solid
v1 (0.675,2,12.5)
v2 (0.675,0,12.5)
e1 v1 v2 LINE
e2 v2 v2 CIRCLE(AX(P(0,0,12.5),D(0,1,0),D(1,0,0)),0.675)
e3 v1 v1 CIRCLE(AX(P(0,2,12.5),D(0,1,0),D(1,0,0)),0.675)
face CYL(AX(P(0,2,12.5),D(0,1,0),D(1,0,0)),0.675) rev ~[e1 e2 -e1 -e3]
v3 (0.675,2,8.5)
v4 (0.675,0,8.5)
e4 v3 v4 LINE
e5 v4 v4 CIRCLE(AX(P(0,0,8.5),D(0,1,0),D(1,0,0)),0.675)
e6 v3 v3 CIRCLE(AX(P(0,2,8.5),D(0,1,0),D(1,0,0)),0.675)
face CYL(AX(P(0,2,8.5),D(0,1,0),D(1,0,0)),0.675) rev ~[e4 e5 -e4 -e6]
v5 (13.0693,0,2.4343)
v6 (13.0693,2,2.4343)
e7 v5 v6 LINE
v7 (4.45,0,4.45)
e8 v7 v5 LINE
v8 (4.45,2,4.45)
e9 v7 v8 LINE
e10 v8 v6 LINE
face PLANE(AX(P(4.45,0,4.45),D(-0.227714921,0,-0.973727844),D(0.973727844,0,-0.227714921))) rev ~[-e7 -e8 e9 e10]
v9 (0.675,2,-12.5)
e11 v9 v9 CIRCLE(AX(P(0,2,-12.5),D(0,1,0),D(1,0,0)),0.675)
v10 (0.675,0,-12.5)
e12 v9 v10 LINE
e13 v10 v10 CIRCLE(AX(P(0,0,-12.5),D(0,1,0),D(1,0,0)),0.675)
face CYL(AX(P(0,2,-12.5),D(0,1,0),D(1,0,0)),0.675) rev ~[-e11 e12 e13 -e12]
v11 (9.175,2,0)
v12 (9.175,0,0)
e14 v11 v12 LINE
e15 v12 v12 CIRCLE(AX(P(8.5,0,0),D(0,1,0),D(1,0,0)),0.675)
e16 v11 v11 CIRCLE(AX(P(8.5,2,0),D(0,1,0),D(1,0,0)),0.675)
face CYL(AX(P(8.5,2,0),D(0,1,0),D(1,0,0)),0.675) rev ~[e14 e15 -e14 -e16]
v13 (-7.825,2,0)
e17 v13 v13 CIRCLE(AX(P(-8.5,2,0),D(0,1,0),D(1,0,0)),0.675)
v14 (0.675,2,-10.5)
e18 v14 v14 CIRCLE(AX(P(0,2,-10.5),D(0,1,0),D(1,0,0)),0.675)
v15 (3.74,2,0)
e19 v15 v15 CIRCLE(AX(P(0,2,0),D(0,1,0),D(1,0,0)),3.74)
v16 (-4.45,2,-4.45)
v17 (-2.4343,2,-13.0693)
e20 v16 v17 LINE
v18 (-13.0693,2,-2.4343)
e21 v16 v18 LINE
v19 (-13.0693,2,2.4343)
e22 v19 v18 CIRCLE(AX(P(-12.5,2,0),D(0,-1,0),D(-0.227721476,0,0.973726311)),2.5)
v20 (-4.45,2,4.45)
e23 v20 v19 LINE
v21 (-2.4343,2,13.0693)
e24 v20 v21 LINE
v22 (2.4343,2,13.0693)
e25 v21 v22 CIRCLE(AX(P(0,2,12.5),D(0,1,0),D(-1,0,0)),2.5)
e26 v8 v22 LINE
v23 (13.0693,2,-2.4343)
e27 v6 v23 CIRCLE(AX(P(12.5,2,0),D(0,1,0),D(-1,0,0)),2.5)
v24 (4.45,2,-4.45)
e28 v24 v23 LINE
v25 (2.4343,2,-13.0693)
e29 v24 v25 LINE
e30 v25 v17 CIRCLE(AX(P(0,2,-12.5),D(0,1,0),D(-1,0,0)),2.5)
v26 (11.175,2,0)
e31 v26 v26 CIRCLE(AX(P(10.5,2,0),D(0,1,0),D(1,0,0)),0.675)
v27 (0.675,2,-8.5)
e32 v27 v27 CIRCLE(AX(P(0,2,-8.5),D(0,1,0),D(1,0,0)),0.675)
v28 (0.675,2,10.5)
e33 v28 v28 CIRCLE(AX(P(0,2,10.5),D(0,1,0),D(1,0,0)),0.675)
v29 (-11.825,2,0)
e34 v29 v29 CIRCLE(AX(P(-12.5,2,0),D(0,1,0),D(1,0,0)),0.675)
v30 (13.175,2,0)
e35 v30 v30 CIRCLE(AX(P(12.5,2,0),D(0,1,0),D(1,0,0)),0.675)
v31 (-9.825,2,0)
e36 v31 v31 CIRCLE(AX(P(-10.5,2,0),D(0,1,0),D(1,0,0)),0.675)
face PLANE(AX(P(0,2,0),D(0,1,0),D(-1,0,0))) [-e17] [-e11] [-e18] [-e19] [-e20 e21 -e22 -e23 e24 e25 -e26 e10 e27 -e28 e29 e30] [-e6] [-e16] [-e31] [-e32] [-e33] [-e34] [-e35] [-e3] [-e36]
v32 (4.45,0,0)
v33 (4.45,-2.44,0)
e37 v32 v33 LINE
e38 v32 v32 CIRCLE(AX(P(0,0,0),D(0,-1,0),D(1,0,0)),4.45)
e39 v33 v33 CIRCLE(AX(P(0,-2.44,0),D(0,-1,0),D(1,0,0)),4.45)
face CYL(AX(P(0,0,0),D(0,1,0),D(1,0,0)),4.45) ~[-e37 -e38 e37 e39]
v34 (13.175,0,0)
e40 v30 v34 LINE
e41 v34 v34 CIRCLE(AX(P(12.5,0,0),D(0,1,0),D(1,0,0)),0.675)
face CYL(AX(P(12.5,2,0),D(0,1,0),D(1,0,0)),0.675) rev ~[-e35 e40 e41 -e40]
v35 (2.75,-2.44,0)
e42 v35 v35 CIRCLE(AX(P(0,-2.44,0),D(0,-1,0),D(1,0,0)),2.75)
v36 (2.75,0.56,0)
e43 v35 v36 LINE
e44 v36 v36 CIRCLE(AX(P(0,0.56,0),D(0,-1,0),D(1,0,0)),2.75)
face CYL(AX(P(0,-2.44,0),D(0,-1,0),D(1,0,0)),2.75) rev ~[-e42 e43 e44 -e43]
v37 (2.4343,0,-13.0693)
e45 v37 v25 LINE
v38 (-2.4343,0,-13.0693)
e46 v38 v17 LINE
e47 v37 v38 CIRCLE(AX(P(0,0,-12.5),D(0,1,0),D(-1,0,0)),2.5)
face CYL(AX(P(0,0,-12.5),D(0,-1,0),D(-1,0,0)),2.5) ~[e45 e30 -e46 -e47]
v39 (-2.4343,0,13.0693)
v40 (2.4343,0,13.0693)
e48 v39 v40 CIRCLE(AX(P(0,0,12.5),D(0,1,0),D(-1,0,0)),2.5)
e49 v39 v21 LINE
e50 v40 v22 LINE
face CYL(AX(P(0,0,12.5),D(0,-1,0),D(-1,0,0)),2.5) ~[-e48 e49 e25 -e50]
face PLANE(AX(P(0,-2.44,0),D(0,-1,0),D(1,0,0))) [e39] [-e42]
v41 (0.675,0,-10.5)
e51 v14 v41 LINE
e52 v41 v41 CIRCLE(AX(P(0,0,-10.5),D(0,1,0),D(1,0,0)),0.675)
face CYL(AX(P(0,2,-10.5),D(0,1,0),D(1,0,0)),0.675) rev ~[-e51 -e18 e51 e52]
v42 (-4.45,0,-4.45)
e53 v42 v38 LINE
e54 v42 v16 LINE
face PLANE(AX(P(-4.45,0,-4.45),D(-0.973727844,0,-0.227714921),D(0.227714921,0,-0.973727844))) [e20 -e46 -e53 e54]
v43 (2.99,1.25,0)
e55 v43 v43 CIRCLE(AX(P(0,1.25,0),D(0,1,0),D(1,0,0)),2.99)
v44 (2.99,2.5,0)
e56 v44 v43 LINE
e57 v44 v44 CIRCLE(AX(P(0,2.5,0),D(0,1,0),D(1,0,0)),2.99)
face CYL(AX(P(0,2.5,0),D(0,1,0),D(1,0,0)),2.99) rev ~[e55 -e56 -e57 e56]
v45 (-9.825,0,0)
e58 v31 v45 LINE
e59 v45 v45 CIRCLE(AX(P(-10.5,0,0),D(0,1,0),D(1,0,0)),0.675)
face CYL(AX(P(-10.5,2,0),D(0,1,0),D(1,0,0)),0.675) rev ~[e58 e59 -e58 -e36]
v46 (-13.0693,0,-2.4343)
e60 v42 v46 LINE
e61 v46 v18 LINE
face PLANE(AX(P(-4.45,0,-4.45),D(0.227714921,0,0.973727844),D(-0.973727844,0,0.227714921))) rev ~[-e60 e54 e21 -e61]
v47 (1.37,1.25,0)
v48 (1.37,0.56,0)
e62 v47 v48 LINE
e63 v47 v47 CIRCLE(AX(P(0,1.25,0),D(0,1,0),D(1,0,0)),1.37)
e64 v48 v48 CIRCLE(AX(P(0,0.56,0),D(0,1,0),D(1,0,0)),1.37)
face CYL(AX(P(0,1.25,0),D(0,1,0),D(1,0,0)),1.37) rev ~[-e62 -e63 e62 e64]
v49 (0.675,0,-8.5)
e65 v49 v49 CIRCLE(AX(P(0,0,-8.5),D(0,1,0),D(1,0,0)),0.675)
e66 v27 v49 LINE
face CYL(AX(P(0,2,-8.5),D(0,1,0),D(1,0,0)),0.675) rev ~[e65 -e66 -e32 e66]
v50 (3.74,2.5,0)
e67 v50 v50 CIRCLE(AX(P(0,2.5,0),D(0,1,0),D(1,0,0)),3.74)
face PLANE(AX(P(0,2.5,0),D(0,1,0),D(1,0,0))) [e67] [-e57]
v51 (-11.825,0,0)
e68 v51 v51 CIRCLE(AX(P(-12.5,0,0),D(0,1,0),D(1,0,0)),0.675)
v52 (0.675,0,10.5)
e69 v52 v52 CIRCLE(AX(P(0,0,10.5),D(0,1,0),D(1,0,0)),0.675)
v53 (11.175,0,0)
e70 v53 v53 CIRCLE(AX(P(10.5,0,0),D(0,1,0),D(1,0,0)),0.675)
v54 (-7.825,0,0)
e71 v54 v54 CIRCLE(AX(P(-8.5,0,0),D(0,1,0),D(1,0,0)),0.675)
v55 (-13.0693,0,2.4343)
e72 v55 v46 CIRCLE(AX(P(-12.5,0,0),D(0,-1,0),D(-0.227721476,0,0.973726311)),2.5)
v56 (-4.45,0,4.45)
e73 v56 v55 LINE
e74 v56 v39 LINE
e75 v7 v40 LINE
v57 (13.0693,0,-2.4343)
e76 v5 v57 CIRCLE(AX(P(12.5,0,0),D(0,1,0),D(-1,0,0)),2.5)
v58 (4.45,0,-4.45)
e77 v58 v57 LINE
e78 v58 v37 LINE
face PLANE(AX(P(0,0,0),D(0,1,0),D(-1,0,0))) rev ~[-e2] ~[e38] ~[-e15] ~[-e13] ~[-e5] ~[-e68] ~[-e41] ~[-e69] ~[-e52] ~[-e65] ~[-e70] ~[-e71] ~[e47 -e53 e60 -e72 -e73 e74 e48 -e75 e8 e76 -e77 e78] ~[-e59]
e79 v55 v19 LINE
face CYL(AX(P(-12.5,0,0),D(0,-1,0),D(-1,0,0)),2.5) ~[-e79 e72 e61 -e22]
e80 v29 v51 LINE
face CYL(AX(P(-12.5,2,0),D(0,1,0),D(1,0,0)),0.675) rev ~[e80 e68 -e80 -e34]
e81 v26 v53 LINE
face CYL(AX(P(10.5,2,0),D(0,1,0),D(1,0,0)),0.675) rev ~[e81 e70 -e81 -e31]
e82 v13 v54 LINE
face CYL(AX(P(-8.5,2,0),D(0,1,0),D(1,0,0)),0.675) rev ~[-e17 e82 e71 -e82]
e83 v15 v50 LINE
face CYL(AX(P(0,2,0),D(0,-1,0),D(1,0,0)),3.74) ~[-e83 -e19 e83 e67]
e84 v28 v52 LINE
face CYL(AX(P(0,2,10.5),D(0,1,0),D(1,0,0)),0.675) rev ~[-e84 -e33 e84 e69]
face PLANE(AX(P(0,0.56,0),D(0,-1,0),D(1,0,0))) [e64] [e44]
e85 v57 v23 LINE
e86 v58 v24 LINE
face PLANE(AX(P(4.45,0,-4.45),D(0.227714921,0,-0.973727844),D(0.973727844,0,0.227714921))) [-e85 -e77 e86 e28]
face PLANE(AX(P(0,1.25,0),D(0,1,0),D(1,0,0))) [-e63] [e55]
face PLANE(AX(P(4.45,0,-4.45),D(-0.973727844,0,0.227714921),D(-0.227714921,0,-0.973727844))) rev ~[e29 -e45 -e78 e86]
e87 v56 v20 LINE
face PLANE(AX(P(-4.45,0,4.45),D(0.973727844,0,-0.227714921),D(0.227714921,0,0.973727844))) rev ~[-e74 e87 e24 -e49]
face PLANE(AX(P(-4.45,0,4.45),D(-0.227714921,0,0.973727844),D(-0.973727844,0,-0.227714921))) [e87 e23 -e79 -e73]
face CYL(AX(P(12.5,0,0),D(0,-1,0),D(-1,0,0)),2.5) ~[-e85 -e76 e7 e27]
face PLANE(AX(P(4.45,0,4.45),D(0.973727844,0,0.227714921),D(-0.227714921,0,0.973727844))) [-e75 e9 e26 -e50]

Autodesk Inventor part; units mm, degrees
ref_plane "YZ Plane" through (0, 0, 0) normal (1, 0, 0) x (0, 1, 0)
ref_plane "XZ Plane" through (0, 0, 0) normal (0, 1, 0) x (-1, 0, 0)
ref_plane "XY Plane" through (0, 0, 0) normal (0, 0, 1) x (1, 0, 0)
sketch "Sketch1" plane through (0, 0, 0) normal (0, 1, 0) x (-1, 0, 0)
  circle A0 centre (0, 0) radius 4.45
  circle A1 centre (12.5, 0) radius 2.5
  circle A2 centre (0, -12.5) radius 2.5
  line L0 (4.45, -4.45) -> (13.0693, -2.4343)
  line L1 (4.45, -4.45) -> (2.4343, -13.0693)
  circle A3 centre (12.5, 0) radius 2.5
  circle A4 centre (0, 12.5) radius 2.5
  line L2 (4.45, 4.45) -> (13.0693, 2.4343)
  line L3 (4.45, 4.45) -> (2.4343, 13.0693)
  circle A5 centre (-12.5, 0) radius 2.5
  line L4 (-4.45, -4.45) -> (-13.0693, -2.4343)
  line L5 (-4.45, -4.45) -> (-2.4343, -13.0693)
  line L6 (-4.45, 4.45) -> (-13.0693, 2.4343)
  line L7 (-4.45, 4.45) -> (-2.4343, 13.0693)
  dimension "d2" = 5
  dimension "d0" = 8.9
extrude "Extrusion1" add sketch "Sketch1" along normal blind 2 contours A0 | A1 | A1 L0 L1 A2 L5 L4 A5 L6 L7 A4 L3 L2 | A4 | A2 | A5
sketch "Sketch2" plane through (0, 2, 0) normal (0, 1, 0) x (1, 0, 0)
  circle A0 centre (0, 0) radius 3.74
  dimension "d8" = 7.48
extrude "Extrusion2" add sketch "Sketch2" along normal blind 0.5
sketch "Sketch3" plane through (0, 2.5, 0) normal (0, 1, 0) x (1, 0, 0)
  circle A0 centre (0, 0) radius 2.99
  dimension "d11" = 5.98
extrude "Extrusion3" cut sketch "Sketch3" against normal blind 1.25
sketch "Sketch4" plane through (0, 1.25, 0) normal (0, 1, 0) x (1, 0, 0)
  circle A0 centre (0, 0) radius 1.37
  dimension "d14" = 2.74
extrude "Extrusion4" cut sketch "Sketch4" against normal blind 0.69
sketch "Sketch5" plane through (0, 0, 0) normal (0, -1, 0) x (1, 0, 0)
  circle A0 centre (0, 0) radius 4.45
  dimension "d17" = 8.9
extrude "Extrusion5" add sketch "Sketch5" along normal blind 2.44
sketch "Sketch6" plane through (0, -2.44, 0) normal (0, -1, 0) x (1, 0, 0)
  circle A0 centre (0, 0) radius 2.75
  dimension "d20" = 5.5
extrude "Extrusion6" cut sketch "Sketch6" against normal blind 3
sketch "Sketch7" plane through (0, 2, 0) normal (0, 1, 0) x (1, 0, 0)
  circle A0 centre (0, 8.5) radius 0.675
  circle A1 centre (0, 10.5) radius 0.675
  arc A2 (2.4343, 13.0693) -> (-2.4343, 13.0693) centre (0, 12.5) ccw projected
  circle A3 centre (0, 12.5) radius 0.675
  arc A4 (-13.0693, 2.4343) -> (-13.0693, -2.4343) centre (-12.5, 0) ccw projected
  arc A5 (13.0693, -2.4343) -> (13.0693, 2.4343) centre (12.5, 0) ccw projected
  circle A6 centre (0, -8.5) radius 0.675
  circle A7 centre (0, -10.5) radius 0.675
  circle A8 centre (0, -12.5) radius 0.675
  circle A9 centre (0, 0) radius 3.74 projected
  circle A10 centre (8.5, 0) radius 0.675
  circle A11 centre (0, 0) radius 1.37 projected
  circle A12 centre (10.5, 0) radius 0.675
  circle A13 centre (12.5, 0) radius 0.675
  arc A14 (-2.4343, -13.0693) -> (2.4343, -13.0693) centre (0, -12.5) ccw projected
  circle A15 centre (-8.5, 0) radius 0.675
  circle A16 centre (-10.5, 0) radius 0.675
  circle A17 centre (-12.5, 0) radius 0.675
  dimension "d24" = 1.35
  dimension "d26" = 1.35
  dimension "d28" = 1.35
  dimension "d30" = 1.35
  dimension "d32" = 1.35
  dimension "d34" = 1.35
extrude "Extrusion7" cut sketch "Sketch7" against normal blind 2 contours A0 | A1 | A3 | A6 | A7 | A8 | A10 | A12 | A13 | A15 | A16 | A17
properties part number "MMAE 232 Assignment 2_Servo Horn 5 - Dylan Tamras"
